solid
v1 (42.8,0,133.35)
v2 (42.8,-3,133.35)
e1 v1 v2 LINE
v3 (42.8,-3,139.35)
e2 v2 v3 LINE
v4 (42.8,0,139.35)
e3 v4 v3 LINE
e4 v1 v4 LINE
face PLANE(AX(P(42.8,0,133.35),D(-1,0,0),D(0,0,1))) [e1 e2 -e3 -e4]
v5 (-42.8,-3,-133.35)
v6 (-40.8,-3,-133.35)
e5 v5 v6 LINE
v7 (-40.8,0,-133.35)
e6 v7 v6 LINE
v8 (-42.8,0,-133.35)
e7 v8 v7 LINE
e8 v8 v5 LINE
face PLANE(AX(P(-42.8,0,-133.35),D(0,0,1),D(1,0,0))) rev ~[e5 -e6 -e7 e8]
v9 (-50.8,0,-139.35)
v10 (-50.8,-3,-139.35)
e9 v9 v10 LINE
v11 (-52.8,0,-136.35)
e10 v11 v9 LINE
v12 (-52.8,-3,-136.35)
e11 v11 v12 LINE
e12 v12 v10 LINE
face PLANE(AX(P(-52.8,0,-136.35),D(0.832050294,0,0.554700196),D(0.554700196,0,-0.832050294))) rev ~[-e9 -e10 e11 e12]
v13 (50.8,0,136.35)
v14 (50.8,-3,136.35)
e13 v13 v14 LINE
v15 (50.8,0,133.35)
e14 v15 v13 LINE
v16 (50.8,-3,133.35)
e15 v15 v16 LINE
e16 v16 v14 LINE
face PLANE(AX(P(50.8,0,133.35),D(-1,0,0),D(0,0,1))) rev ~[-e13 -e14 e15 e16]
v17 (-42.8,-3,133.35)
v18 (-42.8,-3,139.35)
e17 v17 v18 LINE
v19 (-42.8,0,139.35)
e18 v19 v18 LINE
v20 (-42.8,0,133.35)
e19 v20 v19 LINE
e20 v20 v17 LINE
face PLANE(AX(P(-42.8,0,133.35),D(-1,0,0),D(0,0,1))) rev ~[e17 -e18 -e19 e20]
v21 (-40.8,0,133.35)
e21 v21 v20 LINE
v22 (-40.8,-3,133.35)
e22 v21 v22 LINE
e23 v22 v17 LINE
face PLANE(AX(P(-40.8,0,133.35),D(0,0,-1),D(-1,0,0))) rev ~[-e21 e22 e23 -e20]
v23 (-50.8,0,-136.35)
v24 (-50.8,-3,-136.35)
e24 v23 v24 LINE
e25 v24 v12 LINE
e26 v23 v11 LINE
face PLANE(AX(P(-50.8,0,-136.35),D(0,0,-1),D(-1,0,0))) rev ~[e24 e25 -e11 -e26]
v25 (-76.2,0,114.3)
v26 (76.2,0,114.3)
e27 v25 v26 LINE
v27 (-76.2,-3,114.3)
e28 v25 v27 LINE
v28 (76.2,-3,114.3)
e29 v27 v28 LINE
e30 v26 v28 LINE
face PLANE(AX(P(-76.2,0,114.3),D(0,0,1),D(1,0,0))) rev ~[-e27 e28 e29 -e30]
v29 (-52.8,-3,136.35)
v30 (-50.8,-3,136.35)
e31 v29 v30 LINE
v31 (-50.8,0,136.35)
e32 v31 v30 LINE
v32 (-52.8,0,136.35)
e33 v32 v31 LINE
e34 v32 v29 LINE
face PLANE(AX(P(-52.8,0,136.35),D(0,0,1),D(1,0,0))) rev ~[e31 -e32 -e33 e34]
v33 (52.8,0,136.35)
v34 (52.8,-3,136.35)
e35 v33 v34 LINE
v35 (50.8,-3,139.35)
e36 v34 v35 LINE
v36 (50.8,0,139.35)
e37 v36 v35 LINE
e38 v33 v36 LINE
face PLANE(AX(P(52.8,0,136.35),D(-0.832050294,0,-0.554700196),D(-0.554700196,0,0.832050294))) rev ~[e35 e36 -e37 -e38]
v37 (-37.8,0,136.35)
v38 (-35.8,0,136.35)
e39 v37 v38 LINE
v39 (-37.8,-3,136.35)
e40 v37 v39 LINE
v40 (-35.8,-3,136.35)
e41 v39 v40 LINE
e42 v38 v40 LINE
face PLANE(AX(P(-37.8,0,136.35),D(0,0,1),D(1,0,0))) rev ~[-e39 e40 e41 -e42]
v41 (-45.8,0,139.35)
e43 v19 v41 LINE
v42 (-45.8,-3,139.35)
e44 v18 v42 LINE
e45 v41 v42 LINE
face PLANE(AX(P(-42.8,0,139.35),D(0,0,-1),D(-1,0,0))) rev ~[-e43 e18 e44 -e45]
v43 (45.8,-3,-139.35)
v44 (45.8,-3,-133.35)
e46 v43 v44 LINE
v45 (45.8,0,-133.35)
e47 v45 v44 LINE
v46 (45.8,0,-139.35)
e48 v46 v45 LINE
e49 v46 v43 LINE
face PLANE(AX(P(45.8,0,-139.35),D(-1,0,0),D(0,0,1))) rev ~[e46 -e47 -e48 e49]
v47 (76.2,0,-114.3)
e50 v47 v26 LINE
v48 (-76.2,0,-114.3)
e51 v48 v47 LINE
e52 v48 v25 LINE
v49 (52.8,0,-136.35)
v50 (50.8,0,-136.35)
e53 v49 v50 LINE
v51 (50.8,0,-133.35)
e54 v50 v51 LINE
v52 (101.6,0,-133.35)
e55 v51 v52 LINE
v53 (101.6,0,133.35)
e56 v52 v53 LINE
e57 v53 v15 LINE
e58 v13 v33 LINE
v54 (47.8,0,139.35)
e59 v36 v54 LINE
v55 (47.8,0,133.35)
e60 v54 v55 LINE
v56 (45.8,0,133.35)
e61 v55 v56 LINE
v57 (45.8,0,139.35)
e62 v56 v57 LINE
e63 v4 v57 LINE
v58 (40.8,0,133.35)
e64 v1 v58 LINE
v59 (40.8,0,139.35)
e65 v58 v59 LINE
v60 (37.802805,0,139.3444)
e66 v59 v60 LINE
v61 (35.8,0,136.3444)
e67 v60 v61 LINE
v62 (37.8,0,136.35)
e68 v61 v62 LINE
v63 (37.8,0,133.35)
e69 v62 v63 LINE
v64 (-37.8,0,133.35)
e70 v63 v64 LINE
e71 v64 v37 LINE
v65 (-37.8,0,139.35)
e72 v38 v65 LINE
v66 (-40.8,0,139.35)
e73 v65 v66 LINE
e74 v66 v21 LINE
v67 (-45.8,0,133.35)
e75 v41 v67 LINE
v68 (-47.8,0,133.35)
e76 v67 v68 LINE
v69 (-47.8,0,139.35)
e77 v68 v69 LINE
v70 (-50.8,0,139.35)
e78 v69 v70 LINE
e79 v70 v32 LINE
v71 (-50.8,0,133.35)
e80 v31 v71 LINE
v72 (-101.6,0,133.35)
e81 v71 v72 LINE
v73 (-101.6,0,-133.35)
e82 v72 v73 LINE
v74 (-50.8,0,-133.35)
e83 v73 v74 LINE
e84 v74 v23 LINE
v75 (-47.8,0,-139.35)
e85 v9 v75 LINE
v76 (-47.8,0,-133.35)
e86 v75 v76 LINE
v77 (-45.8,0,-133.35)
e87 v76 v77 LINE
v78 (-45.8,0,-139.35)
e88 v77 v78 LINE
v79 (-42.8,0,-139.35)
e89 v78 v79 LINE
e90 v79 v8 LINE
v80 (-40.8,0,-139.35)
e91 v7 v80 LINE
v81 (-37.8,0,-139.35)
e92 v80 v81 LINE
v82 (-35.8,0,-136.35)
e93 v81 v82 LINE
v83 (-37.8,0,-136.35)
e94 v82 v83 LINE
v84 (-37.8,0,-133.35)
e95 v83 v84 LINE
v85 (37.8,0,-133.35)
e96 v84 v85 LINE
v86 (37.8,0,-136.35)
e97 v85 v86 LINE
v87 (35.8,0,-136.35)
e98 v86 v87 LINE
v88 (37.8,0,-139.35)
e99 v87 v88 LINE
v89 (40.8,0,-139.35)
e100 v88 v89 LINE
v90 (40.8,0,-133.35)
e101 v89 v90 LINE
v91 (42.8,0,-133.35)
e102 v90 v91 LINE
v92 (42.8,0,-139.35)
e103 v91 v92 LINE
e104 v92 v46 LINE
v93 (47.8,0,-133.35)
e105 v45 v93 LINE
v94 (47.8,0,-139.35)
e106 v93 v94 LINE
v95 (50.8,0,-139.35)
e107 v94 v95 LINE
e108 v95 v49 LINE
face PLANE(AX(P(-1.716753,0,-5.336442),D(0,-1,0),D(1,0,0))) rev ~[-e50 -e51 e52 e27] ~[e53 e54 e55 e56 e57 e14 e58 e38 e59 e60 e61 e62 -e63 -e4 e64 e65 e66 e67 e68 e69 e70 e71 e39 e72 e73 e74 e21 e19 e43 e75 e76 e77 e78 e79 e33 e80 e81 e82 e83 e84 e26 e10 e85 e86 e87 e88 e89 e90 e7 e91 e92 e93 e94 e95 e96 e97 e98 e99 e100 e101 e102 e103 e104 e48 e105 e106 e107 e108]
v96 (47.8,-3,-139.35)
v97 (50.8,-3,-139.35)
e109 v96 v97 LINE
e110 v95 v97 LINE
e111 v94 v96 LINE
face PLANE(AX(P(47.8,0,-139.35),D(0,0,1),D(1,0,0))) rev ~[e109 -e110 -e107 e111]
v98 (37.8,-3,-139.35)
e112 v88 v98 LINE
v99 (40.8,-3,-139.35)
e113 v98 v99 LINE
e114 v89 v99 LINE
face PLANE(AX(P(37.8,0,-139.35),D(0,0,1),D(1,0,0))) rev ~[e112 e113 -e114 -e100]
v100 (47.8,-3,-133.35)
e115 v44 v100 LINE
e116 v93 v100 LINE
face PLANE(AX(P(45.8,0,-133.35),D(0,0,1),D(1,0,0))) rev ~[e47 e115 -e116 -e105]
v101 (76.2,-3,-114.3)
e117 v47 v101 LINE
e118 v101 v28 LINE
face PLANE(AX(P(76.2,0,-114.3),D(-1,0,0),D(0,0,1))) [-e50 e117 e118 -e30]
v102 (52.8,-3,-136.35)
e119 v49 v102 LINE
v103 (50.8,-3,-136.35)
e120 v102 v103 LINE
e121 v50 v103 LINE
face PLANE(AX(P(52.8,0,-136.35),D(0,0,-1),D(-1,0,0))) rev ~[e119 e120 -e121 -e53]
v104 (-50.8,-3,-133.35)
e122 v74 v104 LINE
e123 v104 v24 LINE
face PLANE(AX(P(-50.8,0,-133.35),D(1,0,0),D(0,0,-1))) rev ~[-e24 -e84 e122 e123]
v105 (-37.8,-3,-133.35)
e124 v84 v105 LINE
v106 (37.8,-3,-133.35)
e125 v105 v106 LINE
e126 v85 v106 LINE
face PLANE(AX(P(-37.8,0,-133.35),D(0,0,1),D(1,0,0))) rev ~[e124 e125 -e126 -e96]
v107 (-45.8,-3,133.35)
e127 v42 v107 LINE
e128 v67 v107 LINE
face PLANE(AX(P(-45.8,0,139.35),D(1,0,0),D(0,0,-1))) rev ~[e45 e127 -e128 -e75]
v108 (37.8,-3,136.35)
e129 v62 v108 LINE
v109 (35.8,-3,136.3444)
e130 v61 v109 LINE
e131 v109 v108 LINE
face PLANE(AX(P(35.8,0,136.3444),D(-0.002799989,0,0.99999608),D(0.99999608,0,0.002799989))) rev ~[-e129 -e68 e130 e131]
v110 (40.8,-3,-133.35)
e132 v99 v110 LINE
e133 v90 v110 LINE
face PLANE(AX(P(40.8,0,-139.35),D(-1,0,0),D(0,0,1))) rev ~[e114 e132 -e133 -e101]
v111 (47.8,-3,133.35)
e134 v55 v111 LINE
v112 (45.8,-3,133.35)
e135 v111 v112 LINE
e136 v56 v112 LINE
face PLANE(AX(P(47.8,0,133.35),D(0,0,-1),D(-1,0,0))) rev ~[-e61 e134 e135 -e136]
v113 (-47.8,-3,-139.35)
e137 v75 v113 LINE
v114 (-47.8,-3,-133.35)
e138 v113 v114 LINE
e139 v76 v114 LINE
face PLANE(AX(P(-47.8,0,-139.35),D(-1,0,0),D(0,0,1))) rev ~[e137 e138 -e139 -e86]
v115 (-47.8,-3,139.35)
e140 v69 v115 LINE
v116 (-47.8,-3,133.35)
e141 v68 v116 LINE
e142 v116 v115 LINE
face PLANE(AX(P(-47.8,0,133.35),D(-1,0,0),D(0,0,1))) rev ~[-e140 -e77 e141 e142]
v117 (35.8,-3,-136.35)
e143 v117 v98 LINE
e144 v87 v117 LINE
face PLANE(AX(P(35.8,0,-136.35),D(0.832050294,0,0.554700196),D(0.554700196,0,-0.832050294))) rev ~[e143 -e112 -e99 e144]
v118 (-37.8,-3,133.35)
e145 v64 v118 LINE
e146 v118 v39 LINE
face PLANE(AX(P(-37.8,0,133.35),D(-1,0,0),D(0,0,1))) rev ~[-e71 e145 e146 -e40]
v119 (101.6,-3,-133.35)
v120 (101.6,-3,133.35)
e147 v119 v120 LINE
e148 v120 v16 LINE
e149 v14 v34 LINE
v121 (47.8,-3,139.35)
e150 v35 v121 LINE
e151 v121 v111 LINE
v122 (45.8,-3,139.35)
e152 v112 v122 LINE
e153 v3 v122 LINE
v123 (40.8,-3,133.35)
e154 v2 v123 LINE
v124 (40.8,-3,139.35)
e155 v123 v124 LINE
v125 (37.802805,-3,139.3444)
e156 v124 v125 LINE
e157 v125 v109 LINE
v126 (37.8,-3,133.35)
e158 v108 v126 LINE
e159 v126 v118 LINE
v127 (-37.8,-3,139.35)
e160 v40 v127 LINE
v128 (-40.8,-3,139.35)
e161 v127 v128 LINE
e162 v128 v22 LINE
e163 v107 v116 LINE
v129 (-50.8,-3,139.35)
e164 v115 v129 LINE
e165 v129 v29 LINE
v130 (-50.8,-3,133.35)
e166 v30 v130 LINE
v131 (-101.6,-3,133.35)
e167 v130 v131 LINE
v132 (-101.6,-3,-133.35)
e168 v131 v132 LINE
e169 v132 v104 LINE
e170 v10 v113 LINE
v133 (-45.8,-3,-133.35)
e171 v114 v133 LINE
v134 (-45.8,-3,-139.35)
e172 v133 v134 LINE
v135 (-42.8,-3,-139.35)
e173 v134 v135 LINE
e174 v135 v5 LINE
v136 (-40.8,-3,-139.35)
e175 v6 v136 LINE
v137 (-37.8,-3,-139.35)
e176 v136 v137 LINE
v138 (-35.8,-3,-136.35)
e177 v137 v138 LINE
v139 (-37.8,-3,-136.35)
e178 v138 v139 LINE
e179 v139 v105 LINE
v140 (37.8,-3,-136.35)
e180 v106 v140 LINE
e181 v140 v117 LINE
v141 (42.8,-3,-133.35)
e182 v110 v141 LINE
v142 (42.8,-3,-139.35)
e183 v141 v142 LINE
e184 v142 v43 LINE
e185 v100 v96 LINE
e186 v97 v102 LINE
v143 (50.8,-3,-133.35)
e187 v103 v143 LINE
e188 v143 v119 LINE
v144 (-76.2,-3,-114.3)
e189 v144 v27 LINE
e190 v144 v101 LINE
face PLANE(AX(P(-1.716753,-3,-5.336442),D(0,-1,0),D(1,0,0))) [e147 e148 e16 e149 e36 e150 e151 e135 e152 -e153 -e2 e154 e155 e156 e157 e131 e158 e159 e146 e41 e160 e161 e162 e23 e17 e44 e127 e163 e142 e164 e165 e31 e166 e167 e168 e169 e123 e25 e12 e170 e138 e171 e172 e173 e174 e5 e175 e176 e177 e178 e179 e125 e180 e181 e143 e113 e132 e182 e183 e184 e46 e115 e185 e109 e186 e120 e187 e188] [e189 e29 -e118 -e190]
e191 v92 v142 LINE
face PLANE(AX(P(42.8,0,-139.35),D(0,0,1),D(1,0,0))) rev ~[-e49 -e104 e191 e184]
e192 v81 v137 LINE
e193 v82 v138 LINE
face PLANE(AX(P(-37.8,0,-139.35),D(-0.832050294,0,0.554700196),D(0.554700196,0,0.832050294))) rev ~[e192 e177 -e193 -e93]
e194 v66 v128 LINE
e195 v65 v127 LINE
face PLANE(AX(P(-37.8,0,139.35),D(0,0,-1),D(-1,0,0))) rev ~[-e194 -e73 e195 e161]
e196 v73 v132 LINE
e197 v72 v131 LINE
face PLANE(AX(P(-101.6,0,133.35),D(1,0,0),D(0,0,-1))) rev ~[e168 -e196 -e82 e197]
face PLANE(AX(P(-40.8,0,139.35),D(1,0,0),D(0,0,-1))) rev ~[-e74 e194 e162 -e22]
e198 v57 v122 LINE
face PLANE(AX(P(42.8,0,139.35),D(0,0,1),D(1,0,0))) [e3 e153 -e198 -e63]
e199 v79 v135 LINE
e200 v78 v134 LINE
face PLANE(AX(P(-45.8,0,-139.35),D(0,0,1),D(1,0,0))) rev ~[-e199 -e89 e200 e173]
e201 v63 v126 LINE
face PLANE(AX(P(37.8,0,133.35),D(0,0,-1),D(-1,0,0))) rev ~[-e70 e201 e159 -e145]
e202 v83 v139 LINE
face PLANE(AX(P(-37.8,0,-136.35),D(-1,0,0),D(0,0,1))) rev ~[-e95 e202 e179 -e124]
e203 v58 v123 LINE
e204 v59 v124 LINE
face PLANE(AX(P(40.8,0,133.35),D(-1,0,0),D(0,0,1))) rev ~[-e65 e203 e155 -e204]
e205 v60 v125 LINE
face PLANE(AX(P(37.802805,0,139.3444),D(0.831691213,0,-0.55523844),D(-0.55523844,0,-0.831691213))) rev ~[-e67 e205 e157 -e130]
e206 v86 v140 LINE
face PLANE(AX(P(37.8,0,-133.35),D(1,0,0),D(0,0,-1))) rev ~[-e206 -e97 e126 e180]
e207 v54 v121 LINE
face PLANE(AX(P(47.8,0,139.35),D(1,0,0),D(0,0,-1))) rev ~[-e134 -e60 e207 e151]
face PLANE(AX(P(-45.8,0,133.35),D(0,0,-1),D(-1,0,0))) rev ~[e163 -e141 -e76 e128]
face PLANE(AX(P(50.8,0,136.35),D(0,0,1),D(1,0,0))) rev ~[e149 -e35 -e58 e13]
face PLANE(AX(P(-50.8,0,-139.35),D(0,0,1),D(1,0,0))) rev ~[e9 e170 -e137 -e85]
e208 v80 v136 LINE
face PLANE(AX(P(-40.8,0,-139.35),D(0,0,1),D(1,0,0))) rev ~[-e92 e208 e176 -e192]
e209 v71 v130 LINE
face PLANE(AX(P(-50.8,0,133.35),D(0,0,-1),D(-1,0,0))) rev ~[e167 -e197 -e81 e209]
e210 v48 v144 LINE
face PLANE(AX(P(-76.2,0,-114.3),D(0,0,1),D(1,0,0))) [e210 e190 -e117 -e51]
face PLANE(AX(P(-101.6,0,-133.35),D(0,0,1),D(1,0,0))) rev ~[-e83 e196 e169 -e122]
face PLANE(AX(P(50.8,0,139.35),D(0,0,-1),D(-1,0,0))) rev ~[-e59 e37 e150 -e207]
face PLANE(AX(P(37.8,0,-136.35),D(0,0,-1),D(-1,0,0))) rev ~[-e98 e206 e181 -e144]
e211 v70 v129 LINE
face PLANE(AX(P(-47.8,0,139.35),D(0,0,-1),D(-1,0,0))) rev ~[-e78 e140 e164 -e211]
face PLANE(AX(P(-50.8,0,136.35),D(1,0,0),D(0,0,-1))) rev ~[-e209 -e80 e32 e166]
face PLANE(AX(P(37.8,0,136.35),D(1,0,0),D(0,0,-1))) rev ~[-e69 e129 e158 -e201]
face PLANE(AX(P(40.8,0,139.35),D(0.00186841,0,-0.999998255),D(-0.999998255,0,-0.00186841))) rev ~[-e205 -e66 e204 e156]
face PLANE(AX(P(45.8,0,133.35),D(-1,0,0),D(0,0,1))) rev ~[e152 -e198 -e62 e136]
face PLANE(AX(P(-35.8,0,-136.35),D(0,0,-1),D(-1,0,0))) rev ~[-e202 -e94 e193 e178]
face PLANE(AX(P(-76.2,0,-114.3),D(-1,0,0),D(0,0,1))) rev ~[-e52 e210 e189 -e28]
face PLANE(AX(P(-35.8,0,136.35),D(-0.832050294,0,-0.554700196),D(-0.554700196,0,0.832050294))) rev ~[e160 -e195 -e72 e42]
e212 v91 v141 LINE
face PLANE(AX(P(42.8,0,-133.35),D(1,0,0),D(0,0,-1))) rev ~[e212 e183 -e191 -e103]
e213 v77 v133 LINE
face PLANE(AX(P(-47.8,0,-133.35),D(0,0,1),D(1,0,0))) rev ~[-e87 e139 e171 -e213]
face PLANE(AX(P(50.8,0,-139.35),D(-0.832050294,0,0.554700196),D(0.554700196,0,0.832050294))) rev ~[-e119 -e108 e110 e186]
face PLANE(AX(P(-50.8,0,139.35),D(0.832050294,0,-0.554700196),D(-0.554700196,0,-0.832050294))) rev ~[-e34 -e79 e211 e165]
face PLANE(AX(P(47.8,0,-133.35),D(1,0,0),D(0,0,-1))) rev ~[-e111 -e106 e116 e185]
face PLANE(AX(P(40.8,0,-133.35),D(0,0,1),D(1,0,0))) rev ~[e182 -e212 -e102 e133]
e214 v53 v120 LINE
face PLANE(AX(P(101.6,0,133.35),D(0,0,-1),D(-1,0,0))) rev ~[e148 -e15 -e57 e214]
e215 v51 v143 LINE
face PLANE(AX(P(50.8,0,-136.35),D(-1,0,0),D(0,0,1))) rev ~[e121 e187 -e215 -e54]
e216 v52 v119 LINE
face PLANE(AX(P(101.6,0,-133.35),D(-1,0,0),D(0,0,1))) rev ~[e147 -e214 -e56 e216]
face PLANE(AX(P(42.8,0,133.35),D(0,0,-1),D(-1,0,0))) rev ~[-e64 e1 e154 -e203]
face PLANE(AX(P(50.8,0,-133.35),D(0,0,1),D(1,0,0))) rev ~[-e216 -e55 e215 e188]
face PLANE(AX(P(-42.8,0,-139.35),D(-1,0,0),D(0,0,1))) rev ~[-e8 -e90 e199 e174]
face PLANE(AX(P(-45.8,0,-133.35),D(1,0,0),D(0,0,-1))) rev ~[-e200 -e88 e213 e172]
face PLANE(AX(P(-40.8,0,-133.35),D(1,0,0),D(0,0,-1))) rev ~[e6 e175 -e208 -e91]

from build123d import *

# Parameters (mm, degrees)
F0_W     = 152.4
F0_H     = 228.6
F0_W_2   = 3
F0_H_2   = 6
F1_DEPTH = 3


with BuildPart() as f1:
    # F0 (on Front) → F1 (new body)
    with BuildSketch(Plane.XZ):
        Polygon((101.6, -133.35), (101.6, 133.35), (50.8, 133.35), (47.8, 133.35), (45.8, 133.35), (42.8, 133.35), (40.8, 133.35), (37.8, 133.35), (-37.8, 133.35), (-37.8, 136.35), (-35.8, 136.35), (-37.8, 139.35), (-40.8, 139.35), (-40.8, 133.35), (-42.8, 133.35), (-42.8, 139.35), (-45.8, 139.35), (-45.8, 133.35), (-47.8, 133.35), (-47.8, 139.35), (-50.8, 139.35), (-52.8, 136.35), (-50.8, 136.35), (-50.8, 133.35), (-101.6, 133.35), (-101.6, -133.35), (-50.8, -133.35), (-50.8, -136.35), (-52.8, -136.35), (-50.8, -139.35), (-47.8, -139.35), (-47.8, -133.35), (-45.8, -133.35), (-45.8, -139.35), (-42.8, -139.35), (-42.8, -133.35), (-40.8, -133.35), (-40.8, -139.35), (-37.8, -139.35), (-35.8, -136.35), (-37.8, -136.35), (-37.8, -133.35), (37.8, -133.35), (37.8, -136.35), (35.8, -136.35), (37.8, -139.35), (40.8, -139.35), (40.8, -133.35), (42.8, -133.35), (42.8, -139.35), (45.8, -139.35), (45.8, -133.35), (47.8, -133.35), (47.8, -139.35), (50.8, -139.35), (52.8, -136.35), (50.8, -136.35), (50.8, -133.35), align=None)
        Rectangle(F0_W, F0_H, mode=Mode.SUBTRACT)
        Polygon((47.8, 133.35), (50.8, 133.35), (50.8, 136.35), (52.8, 136.35), (50.8, 139.35), (47.8, 139.35), align=None)
        with Locations((44.3, 136.35)):
            Rectangle(F0_W_2, F0_H_2)
        Polygon((37.8, 133.35), (40.8, 133.35), (40.8, 139.35), (37.802805, 139.3444), (35.8, 136.3444), (37.8, 136.35), align=None)
    extrude(amount=F1_DEPTH)


solid = f1.part
